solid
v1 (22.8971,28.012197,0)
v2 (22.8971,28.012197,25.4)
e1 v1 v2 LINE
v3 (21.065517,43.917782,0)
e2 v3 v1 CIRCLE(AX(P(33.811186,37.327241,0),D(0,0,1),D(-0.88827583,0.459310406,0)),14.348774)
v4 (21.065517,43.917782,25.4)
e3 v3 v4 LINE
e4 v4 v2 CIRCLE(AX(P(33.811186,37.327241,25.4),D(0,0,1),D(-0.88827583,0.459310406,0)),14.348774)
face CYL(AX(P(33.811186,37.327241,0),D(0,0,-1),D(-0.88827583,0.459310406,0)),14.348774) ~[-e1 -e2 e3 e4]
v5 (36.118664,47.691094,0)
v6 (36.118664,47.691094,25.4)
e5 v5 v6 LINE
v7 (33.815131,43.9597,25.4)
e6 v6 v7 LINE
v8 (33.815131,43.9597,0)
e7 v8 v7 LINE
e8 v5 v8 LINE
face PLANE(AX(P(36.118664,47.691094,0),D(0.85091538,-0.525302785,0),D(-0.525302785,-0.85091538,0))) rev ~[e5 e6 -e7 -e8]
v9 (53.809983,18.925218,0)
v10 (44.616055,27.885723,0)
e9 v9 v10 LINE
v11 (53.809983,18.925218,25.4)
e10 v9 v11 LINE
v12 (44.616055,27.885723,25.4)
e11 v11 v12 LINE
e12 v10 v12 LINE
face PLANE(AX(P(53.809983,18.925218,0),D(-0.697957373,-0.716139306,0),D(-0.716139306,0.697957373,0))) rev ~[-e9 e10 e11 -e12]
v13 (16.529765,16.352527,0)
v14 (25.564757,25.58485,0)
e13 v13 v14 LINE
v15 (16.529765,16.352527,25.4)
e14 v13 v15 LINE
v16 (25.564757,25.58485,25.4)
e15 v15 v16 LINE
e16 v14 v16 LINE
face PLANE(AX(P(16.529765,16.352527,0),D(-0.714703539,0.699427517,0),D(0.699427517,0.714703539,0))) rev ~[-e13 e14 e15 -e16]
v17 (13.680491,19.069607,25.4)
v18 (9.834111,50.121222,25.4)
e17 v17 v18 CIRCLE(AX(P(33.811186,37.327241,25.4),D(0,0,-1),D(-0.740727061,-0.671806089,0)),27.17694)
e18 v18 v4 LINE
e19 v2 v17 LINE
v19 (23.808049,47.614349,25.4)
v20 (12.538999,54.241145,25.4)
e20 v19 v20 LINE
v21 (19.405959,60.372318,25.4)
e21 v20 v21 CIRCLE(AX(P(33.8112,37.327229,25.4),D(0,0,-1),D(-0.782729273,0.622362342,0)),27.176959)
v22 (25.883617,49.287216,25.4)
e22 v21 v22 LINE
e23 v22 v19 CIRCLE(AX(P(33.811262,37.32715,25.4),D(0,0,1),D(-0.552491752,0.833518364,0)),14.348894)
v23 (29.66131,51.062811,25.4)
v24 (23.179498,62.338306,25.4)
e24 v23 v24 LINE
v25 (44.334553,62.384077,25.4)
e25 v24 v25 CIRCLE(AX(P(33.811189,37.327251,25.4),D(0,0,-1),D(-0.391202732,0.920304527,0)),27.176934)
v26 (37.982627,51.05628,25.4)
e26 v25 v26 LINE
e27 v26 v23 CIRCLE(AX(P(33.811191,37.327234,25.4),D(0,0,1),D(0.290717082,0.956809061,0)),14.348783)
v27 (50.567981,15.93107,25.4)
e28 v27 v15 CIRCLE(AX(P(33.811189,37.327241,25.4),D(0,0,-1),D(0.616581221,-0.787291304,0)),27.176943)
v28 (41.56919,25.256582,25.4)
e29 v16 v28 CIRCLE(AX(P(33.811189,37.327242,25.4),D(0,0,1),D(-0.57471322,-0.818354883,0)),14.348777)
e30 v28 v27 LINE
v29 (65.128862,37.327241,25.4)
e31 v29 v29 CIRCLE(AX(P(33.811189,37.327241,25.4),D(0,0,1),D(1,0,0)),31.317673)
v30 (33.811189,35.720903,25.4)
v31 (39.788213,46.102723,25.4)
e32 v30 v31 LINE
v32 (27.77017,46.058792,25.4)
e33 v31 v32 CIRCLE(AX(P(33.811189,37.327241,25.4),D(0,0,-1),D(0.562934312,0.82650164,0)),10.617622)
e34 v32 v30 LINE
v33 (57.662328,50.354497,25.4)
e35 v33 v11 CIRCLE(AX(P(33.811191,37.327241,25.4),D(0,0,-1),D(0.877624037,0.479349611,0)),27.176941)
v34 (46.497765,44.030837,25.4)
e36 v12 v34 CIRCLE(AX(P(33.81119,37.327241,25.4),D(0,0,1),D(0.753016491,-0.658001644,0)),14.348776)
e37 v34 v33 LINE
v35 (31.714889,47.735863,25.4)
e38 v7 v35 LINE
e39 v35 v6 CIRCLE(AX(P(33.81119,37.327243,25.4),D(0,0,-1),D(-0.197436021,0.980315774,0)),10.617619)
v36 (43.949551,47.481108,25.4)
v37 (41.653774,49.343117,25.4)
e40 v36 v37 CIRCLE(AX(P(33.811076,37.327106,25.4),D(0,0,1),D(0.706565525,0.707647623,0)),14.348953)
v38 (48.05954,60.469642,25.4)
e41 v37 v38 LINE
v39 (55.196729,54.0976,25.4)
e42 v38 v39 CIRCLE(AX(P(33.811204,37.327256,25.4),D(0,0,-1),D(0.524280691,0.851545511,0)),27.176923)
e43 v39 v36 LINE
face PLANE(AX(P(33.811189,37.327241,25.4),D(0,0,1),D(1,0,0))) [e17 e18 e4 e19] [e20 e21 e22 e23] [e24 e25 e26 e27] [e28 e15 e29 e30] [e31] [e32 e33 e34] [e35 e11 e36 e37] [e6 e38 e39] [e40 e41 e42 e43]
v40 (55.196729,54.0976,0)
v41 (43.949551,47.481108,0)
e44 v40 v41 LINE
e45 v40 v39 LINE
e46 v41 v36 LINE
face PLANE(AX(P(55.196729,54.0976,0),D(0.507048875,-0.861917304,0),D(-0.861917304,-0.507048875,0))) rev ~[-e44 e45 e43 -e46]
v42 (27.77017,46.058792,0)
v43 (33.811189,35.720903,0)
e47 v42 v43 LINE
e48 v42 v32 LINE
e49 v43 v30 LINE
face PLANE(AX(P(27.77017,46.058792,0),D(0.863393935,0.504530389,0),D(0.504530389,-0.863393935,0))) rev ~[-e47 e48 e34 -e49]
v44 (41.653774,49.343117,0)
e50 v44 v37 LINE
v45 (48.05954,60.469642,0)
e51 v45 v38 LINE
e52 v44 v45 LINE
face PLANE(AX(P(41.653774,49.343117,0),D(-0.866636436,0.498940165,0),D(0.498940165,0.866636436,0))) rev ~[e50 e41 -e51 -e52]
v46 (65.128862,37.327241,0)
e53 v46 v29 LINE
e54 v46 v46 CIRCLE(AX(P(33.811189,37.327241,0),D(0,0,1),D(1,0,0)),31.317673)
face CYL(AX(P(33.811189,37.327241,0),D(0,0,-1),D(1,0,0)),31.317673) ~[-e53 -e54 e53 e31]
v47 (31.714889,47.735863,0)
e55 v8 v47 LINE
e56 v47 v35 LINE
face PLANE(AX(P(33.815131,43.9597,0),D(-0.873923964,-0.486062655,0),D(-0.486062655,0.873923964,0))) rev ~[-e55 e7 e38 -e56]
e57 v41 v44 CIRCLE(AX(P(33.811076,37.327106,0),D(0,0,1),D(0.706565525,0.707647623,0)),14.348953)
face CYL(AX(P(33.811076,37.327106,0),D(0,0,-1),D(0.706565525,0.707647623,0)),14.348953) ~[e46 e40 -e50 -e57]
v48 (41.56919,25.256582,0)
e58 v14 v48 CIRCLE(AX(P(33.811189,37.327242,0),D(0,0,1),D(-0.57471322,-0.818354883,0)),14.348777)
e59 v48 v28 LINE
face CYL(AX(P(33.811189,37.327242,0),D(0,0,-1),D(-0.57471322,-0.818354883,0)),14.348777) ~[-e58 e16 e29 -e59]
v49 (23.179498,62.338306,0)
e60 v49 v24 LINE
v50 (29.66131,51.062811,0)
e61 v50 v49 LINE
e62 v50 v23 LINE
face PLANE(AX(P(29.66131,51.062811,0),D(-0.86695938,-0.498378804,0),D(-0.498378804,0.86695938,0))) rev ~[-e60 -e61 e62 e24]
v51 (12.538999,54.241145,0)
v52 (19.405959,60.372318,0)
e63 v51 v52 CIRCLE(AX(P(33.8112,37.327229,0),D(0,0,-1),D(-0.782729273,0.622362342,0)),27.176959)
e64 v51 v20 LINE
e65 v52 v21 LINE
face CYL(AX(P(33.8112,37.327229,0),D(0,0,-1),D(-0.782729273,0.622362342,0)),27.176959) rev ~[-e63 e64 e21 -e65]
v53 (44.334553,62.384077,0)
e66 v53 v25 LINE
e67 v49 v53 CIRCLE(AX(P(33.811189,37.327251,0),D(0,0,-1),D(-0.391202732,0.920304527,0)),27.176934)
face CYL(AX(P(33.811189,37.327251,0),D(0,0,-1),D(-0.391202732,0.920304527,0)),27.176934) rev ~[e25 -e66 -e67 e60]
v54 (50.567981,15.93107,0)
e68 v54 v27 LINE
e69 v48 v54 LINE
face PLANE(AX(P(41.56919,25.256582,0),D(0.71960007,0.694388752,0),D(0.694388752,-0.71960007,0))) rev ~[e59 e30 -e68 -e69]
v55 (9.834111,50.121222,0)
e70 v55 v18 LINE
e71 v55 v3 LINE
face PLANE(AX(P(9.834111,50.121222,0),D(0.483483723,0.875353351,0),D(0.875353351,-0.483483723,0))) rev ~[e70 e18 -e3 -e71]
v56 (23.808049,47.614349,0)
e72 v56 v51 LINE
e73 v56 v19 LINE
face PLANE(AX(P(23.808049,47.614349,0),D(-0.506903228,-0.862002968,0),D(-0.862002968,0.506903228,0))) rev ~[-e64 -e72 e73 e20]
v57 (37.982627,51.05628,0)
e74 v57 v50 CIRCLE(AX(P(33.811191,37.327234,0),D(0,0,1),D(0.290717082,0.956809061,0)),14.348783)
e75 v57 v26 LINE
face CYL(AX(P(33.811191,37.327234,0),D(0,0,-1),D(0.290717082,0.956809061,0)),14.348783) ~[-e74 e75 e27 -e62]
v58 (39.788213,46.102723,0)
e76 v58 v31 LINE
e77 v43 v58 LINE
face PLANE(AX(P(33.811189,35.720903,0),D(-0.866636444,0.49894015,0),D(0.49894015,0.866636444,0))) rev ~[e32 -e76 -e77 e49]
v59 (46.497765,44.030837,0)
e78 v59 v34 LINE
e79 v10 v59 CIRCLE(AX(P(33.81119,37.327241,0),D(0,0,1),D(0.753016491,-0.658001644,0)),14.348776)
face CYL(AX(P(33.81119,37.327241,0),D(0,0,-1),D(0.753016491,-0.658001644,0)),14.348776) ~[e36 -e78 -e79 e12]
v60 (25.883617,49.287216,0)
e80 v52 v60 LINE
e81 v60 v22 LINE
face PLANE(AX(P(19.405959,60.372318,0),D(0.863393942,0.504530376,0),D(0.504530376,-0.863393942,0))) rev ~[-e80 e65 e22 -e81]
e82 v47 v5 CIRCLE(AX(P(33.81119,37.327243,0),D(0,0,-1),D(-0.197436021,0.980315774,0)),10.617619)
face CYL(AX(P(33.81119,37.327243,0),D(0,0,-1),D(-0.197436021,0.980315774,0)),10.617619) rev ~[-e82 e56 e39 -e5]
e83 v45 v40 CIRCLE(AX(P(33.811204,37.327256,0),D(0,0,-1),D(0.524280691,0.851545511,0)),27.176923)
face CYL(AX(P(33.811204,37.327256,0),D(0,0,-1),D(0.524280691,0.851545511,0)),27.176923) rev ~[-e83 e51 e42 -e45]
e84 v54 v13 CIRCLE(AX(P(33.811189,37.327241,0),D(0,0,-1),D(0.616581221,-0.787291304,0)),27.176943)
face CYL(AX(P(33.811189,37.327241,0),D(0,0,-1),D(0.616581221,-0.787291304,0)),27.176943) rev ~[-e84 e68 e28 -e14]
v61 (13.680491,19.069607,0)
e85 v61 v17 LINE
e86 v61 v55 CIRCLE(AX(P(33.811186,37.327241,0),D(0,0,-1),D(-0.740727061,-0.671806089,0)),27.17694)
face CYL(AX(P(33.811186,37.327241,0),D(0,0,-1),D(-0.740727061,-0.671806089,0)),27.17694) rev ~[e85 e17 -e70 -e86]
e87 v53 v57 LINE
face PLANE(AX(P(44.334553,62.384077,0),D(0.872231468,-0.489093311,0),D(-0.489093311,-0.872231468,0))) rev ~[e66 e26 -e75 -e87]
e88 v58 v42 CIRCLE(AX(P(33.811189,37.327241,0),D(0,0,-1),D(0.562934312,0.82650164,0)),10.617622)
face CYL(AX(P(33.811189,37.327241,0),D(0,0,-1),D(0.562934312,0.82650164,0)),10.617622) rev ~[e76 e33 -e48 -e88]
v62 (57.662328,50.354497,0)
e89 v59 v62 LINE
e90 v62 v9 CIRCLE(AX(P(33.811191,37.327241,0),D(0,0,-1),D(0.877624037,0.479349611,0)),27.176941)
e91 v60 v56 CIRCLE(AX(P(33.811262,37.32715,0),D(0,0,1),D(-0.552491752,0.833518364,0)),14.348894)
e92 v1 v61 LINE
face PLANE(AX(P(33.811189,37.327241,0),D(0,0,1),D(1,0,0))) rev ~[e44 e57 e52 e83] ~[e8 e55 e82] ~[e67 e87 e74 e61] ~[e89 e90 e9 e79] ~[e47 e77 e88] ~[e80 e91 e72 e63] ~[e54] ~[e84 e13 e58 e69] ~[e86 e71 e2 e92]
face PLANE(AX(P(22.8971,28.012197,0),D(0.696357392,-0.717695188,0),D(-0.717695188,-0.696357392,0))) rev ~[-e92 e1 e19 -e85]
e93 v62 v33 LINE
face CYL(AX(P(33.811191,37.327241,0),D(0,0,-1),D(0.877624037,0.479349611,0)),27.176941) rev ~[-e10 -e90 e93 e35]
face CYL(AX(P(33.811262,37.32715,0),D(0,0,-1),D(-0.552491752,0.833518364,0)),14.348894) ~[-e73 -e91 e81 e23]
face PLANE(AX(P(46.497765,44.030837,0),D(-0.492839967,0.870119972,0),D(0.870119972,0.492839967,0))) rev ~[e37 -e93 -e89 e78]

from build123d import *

# Parameters (mm, degrees)
F0_R     = 31.317673
F1_DEPTH = 25.4


with BuildPart() as f1:
    # F0 (on Top) → F1 (new body)
    with BuildSketch(Plane.XY):
        with Locations((33.811189, 37.327241)):
            Circle(F0_R)
        with BuildLine():
            Line((41.56919, 25.256582), (50.567981, 15.93107))
            ThreePointArc((50.567981, 15.93107), (33.474713, 10.152381), (16.529765, 16.352527))
            Line((16.529765, 16.352527), (25.564757, 25.58485))
            ThreePointArc((25.564757, 25.58485), (33.516942, 22.981482), (41.56919, 25.256582))
        make_face(mode=Mode.SUBTRACT)
        with BuildLine():
            Line((22.8971, 28.012197), (13.680491, 19.069607))
            ThreePointArc((13.680491, 19.069607), (6.840377, 33.986352), (9.834111, 50.121222))
            Line((9.834111, 50.121222), (21.065517, 43.917782))
            ThreePointArc((21.065517, 43.917782), (19.556611, 35.685777), (22.8971, 28.012197))
        make_face(mode=Mode.SUBTRACT)
        with BuildLine():
            Line((27.77017, 46.058792), (33.811189, 35.720903))
            Line((33.811189, 35.720903), (39.788213, 46.102723))
            ThreePointArc((39.788213, 46.102723), (33.850001, 26.70969), (27.77017, 46.058792))
        make_face(mode=Mode.SUBTRACT)
        with BuildLine():
            Line((46.497765, 44.030837), (57.662328, 50.354497))
            ThreePointArc((57.662328, 50.354497), (60.786253, 34.020858), (53.809983, 18.925218))
            Line((53.809983, 18.925218), (44.616055, 27.885723))
            ThreePointArc((44.616055, 27.885723), (48.063492, 35.666138), (46.497765, 44.030837))
        make_face(mode=Mode.SUBTRACT)
        with BuildLine():
            Line((19.405959, 60.372318), (25.883617, 49.287216))
            ThreePointArc((25.883617, 49.287216), (24.8069, 48.499088), (23.808049, 47.614349))
            Line((23.808049, 47.614349), (12.538999, 54.241145))
            ThreePointArc((12.538999, 54.241145), (15.710985, 57.599607), (19.405959, 60.372318))
        make_face(mode=Mode.SUBTRACT)
        with BuildLine():
            Line((29.66131, 51.062811), (23.179498, 62.338306))
            ThreePointArc((23.179498, 62.338306), (33.752389, 64.504121), (44.334553, 62.384077))
            Line((44.334553, 62.384077), (37.982627, 51.05628))
            ThreePointArc((37.982627, 51.05628), (33.822452, 51.676013), (29.66131, 51.062811))
        make_face(mode=Mode.SUBTRACT)
        with BuildLine():
            Line((33.815131, 43.9597), (31.714889, 47.735863))
            ThreePointArc((31.714889, 47.735863), (33.919123, 47.944314), (36.118664, 47.691094))
            Line((36.118664, 47.691094), (33.815131, 43.9597))
        make_face(mode=Mode.SUBTRACT)
        with BuildLine():
            ThreePointArc((48.05954, 60.469642), (51.910755, 57.600178), (55.196729, 54.0976))
            Line((55.196729, 54.0976), (43.949551, 47.481108))
            ThreePointArc((43.949551, 47.481108), (42.849738, 48.471388), (41.653774, 49.343117))
            Line((41.653774, 49.343117), (48.05954, 60.469642))
        make_face(mode=Mode.SUBTRACT)
    extrude(amount=F1_DEPTH)


solid = f1.part
